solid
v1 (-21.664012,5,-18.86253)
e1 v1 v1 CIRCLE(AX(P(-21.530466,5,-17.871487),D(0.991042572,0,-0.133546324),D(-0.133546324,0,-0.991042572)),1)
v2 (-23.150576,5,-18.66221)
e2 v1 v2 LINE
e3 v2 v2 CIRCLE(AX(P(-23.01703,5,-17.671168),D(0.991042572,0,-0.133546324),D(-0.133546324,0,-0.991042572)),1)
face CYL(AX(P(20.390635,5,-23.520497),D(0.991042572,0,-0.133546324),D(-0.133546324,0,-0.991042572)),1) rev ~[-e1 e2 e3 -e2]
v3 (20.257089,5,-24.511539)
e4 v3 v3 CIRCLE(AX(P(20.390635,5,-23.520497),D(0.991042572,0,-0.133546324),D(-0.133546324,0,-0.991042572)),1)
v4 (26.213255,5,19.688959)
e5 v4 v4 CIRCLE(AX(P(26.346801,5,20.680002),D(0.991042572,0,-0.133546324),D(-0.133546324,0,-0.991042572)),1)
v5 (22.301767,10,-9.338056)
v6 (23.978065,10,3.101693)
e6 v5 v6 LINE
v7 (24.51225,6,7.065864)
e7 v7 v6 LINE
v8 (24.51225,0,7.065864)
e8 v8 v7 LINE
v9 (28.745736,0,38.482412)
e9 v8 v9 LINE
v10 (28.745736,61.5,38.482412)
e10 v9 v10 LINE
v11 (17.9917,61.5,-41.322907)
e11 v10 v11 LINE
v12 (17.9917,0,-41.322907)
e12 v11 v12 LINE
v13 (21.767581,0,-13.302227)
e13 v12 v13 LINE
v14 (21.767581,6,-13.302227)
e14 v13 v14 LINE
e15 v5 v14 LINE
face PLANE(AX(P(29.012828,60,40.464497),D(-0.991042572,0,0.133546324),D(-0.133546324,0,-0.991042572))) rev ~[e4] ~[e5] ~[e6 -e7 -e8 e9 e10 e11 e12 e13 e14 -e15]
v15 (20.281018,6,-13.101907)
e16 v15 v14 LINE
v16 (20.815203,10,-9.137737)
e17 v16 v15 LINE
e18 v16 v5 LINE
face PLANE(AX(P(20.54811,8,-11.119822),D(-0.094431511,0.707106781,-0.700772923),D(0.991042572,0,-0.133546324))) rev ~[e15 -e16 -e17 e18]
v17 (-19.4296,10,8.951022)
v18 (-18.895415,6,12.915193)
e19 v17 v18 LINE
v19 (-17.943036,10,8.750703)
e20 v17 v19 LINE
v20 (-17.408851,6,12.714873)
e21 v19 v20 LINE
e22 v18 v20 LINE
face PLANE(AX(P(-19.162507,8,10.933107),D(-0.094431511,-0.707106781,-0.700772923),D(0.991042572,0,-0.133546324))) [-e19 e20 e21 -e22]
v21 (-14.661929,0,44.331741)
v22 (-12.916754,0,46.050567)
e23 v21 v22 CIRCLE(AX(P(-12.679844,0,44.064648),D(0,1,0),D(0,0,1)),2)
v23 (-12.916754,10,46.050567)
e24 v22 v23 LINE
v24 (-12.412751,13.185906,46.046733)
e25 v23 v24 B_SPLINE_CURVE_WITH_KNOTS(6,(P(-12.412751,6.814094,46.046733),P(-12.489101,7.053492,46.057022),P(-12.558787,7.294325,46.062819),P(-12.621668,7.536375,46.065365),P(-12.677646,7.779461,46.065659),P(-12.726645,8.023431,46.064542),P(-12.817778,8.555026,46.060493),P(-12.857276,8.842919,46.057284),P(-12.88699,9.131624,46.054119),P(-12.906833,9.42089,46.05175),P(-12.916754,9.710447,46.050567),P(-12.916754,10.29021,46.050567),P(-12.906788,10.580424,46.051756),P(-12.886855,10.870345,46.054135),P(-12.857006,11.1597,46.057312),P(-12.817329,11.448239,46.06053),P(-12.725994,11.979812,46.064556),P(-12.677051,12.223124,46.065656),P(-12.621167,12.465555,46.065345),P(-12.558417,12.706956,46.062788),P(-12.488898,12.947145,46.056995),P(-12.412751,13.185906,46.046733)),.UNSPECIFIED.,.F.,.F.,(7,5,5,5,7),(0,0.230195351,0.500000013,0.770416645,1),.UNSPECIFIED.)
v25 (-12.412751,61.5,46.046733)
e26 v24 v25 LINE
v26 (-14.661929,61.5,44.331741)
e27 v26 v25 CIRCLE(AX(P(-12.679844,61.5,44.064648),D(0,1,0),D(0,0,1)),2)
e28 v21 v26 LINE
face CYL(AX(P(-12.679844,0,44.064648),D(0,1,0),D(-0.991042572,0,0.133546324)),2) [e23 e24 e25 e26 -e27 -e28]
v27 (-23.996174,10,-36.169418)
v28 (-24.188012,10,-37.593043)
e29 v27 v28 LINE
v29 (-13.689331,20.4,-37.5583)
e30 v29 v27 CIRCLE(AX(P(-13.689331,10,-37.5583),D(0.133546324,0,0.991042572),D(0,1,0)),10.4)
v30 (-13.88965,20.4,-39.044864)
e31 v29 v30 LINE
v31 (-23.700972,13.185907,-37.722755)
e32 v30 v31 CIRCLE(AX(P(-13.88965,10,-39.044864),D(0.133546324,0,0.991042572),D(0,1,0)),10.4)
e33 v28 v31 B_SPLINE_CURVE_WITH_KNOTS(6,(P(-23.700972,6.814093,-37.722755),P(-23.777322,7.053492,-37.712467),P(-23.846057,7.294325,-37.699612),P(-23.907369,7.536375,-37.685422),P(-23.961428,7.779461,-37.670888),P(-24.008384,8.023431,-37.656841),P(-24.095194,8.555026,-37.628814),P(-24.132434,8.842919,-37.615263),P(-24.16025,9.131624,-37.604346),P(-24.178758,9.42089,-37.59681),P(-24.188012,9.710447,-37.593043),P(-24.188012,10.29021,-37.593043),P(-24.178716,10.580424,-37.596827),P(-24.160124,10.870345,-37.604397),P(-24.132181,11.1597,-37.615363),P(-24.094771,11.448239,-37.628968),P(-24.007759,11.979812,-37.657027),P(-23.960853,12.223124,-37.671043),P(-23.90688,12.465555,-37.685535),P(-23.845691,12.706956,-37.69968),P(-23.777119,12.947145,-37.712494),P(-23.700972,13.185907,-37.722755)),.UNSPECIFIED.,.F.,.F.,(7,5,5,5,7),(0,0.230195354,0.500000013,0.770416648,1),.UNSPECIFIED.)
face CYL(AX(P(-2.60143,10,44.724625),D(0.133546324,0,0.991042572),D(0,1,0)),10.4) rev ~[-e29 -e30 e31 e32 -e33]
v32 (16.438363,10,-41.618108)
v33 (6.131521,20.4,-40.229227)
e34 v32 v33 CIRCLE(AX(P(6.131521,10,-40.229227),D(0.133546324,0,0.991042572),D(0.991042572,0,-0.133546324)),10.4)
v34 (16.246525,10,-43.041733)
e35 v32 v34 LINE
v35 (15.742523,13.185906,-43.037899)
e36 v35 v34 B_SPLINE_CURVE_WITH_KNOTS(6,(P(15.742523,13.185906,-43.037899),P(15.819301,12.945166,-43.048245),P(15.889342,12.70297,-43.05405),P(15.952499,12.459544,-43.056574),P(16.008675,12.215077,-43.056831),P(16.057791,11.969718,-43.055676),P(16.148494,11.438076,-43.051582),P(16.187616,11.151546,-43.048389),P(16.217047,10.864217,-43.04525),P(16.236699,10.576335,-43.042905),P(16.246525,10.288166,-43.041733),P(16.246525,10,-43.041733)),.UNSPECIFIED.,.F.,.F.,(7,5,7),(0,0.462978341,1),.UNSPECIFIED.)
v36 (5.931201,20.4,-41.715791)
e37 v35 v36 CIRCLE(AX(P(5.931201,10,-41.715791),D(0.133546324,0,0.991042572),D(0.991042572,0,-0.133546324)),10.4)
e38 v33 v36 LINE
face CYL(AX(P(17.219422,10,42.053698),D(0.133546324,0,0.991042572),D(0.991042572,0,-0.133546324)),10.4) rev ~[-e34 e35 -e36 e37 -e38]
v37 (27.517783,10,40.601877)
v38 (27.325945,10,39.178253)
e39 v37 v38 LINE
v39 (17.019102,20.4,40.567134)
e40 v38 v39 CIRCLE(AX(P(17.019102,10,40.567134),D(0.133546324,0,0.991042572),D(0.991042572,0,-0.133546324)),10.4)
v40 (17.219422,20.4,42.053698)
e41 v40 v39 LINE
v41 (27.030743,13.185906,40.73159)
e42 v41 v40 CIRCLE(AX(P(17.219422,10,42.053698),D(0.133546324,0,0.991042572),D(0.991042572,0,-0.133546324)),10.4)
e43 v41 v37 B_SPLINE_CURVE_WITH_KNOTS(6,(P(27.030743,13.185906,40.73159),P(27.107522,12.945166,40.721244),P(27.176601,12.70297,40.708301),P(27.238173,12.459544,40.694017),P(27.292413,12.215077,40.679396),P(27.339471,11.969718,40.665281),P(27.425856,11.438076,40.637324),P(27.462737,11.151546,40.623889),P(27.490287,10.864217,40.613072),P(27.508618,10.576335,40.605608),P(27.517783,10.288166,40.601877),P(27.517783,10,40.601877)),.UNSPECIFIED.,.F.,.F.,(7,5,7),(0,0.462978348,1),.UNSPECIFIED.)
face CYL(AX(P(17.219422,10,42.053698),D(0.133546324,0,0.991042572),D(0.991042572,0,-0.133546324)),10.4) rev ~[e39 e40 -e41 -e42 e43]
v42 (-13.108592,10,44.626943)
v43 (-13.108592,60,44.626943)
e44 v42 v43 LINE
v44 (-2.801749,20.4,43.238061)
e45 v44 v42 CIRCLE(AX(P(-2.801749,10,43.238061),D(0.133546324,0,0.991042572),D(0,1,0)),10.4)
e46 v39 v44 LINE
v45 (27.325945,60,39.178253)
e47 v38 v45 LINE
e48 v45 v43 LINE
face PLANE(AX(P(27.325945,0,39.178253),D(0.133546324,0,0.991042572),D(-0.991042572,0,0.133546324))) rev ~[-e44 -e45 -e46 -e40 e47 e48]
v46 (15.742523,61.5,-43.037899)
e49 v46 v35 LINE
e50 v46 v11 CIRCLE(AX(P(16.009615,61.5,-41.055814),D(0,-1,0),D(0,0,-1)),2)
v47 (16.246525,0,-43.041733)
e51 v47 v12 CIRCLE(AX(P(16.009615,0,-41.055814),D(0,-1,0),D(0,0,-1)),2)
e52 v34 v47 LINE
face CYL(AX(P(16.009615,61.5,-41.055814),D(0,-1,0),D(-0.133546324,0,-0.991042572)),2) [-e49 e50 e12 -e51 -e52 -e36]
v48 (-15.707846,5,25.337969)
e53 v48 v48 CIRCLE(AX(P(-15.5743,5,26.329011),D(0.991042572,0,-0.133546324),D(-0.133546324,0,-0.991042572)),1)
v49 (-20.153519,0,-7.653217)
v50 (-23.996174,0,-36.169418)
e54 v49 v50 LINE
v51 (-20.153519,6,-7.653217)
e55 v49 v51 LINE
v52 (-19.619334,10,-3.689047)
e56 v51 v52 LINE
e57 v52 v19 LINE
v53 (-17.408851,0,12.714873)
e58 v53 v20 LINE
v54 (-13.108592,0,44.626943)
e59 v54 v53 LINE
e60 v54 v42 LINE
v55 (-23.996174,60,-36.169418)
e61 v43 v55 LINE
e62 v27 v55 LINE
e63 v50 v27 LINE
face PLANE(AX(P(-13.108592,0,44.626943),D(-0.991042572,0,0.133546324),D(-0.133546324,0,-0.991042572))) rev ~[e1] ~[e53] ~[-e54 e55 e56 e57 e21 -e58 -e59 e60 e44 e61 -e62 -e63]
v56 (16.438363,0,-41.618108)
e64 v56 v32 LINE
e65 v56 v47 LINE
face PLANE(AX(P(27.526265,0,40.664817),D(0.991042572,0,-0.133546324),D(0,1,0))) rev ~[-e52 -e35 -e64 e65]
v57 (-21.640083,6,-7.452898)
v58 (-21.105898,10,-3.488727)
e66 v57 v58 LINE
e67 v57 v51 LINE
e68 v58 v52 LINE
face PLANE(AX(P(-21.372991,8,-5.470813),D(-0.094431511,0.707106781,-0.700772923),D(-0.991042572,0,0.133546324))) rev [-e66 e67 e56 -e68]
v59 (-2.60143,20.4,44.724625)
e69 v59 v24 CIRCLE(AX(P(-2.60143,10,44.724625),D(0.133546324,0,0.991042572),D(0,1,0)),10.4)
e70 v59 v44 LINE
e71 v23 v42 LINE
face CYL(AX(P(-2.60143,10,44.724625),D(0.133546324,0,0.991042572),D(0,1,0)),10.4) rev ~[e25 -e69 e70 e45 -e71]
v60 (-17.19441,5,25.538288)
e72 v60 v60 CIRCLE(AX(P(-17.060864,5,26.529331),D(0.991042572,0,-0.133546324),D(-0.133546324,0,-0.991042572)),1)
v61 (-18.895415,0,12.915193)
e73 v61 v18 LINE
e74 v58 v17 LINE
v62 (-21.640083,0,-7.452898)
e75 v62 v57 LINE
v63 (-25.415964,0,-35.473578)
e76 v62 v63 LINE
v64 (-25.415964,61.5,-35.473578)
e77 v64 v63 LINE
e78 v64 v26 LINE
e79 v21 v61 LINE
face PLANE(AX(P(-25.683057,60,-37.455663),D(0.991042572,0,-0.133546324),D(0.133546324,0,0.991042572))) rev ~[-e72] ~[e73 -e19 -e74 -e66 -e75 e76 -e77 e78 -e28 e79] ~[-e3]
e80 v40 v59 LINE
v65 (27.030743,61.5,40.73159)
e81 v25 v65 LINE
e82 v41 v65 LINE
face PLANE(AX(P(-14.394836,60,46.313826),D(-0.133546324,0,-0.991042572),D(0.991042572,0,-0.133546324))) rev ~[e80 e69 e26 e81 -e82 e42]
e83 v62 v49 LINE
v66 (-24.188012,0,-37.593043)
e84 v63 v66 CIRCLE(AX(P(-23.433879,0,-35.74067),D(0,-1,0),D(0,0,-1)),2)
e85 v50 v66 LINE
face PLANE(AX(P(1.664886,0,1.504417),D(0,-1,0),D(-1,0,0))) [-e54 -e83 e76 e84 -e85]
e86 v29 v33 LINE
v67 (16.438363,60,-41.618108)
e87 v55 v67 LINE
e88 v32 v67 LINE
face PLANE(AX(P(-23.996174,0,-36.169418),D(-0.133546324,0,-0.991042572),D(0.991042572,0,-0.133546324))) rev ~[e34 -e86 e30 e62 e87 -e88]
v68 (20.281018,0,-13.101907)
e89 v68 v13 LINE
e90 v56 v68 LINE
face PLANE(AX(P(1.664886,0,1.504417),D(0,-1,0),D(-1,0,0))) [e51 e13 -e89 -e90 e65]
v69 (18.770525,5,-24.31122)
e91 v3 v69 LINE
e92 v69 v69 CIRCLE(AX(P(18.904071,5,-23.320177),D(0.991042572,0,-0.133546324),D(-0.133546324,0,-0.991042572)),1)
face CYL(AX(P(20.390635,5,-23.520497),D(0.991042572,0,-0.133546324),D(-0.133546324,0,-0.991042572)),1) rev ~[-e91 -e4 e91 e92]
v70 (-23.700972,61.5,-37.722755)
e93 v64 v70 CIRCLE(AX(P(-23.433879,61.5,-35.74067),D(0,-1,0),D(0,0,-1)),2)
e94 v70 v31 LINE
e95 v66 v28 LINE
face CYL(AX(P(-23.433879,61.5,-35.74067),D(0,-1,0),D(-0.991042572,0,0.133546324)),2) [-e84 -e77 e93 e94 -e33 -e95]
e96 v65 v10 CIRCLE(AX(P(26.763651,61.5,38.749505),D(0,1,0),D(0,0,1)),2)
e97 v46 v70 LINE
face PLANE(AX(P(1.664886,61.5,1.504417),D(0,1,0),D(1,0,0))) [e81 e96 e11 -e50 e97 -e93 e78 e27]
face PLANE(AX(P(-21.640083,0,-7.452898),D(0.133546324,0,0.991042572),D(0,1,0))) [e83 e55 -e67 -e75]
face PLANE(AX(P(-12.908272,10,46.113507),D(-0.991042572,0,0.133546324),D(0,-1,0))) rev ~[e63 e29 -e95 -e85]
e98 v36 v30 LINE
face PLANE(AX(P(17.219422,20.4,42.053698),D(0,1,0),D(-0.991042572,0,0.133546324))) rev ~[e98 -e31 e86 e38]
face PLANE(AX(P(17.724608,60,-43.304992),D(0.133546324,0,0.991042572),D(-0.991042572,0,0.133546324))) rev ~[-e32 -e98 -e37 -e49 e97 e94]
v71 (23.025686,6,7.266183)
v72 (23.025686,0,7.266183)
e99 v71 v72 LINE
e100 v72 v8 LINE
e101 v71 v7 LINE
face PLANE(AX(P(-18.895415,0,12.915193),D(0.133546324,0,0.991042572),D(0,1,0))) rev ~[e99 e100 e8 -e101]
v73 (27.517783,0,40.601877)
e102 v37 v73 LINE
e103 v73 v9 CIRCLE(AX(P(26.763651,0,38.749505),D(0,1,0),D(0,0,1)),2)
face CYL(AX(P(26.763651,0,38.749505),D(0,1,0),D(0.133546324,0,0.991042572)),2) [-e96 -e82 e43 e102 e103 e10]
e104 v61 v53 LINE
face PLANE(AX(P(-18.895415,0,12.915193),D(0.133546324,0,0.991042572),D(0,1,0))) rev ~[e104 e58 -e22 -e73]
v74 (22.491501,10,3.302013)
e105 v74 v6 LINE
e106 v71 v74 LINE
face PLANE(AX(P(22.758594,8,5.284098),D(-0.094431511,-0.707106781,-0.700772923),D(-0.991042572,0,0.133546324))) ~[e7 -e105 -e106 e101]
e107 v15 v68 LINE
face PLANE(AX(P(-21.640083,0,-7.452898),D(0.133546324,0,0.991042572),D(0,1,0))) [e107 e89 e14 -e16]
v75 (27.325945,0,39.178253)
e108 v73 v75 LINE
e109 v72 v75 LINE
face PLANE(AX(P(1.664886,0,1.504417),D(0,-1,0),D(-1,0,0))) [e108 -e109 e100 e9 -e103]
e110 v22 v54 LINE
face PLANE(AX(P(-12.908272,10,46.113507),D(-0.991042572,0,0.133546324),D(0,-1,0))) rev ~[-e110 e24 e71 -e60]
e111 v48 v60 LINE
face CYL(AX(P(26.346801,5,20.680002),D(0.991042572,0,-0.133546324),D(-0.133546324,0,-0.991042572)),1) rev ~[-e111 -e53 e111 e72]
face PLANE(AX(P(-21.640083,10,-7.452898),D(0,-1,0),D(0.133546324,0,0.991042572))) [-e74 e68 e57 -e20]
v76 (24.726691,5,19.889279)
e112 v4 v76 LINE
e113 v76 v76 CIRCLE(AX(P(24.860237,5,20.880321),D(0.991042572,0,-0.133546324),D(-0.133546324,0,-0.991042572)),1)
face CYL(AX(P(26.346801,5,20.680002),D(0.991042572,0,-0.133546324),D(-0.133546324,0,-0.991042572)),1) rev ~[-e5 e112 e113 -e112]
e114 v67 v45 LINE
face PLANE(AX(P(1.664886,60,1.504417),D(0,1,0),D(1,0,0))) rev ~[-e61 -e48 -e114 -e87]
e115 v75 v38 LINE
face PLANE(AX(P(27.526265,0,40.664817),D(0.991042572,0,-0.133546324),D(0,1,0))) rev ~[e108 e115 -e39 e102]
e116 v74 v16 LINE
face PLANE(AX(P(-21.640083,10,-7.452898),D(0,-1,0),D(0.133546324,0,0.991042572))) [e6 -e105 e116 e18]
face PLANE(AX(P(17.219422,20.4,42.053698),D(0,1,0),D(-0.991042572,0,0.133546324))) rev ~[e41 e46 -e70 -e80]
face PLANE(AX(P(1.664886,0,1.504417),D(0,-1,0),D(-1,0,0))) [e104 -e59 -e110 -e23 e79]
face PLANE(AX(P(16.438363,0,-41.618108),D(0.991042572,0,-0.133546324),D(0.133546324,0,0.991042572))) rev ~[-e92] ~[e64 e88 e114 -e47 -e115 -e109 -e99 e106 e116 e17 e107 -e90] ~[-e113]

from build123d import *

# Parameters (mm, degrees)
BOSS_EXTRUDE1_DEPTH = 60
BOSS_EXTRUDE2_DEPTH = 1.5
CUT_EXTRUDE1_DEPTH  = 122.5
FILLET1_R           = 2
SKETCH4_R           = 1
CUT_EXTRUDE2_DEPTH  = 122.5
SKETCH5_W           = 20.552185026
SKETCH5_H           = 10
CUT_EXTRUDE3_DEPTH  = 66.5
CHAMFER2_SIZE       = 4


with BuildPart() as part:
    # Sketch1 → Boss-Extrude1 (new body)
    with BuildSketch(Plane(origin=(0, 0, 0), x_dir=(1, 0, 0), z_dir=(0, 1, 0))):
        Polygon((-25.683056898, 37.455662838), (17.724607753, 43.304991821), (29.01282847, -40.464497095), (-14.394836181, -46.313826078), align=None)
        Polygon((-23.996173554, 36.169418466), (16.438363381, 41.618108478), (27.325945127, -39.178252723), (-13.108591809, -44.626942734), align=None, mode=Mode.SUBTRACT)
    extrude(amount=BOSS_EXTRUDE1_DEPTH)

    # Sketch2 → Boss-Extrude2 (add)
    with BuildSketch(Plane(origin=(0, 60, 0), x_dir=(1, 0, 0), z_dir=(0, 1, 0))):
        Polygon((-25.683056898, 37.455662838), (-14.394836181, -46.313826078), (29.01282847, -40.464497095), (17.724607753, 43.304991821), align=None)
    extrude(amount=BOSS_EXTRUDE2_DEPTH)

    # Sketch3 → Cut-Extrude1 (cut)
    with BuildSketch(Plane(origin=(5.87291271, 0, 43.582678665), x_dir=(0.991042572, 0, -0.133546324), z_dir=(0.133546324, 0, 0.991042572))):
        with BuildLine():
            Line((21.449063315, 0), (21.449063315, 10))
            ThreePointArc((21.449063315, 10), (18.520131127, 17.071067812), (11.449063315, 20))
            Line((11.449063315, 20), (-8.550936685, 20))
            ThreePointArc((-8.550936685, 20), (-15.622004497, 17.071067812), (-18.550936685, 10))
            Line((-18.550936685, 10), (-18.550936685, 0))
            Line((-18.550936685, 0), (21.449063315, 0))
        make_face()
        with BuildLine():
            ThreePointArc((11.449063315, 20), (18.520131127, 17.071067812), (21.449063315, 10))
            Line((21.449063315, 10), (21.449063315, 0))
            Line((21.449063315, 0), (21.849063315, 0))
            Line((21.849063315, 0), (21.849063315, 10))
            ThreePointArc((21.849063315, 10), (18.802973839, 17.353910524), (11.449063315, 20.4))
            Line((11.449063315, 20.4), (-8.550936685, 20.4))
            ThreePointArc((-8.550936685, 20.4), (-15.90484721, 17.353910524), (-18.950936685, 10))
            Line((-18.950936685, 10), (-18.950936685, 0))
            Line((-18.950936685, 0), (-18.550936685, 0))
            Line((-18.550936685, 0), (-18.550936685, 10))
            ThreePointArc((-18.550936685, 10), (-15.622004497, 17.071067812), (-8.550936685, 20))
            Line((-8.550936685, 20), (11.449063315, 20))
        make_face()
    extrude(amount=-CUT_EXTRUDE1_DEPTH, mode=Mode.SUBTRACT)

    # Fillet1
    fillet1_edges = [part.edges().sort_by_distance(p)[0] for p in [
        (17.724607753, 30.75, -43.304991821),
        (-25.683056898, 30.75, -37.455662838),
        (-14.394836181, 30.75, 46.313826078),
        (29.01282847, 30.75, 40.464497095),
    ]]
    fillet(fillet1_edges, radius=FILLET1_R)

    # Sketch4 → Cut-Extrude2 (cut)
    with BuildSketch(Plane(origin=(23.13991576, 0, -3.11818157), x_dir=(-0.133546324, 0, -0.991042572), z_dir=(0.991042572, 0, -0.133546324))):
        with Locations((-24.013280796, 5)):
            Circle(SKETCH4_R)
        with Locations((20.586719204, 5)):
            Circle(SKETCH4_R)
    extrude(amount=-CUT_EXTRUDE2_DEPTH, mode=Mode.SUBTRACT)

    # Sketch5 → Cut-Extrude3 (cut)
    with BuildSketch(Plane(origin=(-20.267748891, 0, 2.731147413), x_dir=(0.133546324, 0, 0.991042572), z_dir=(-0.991042572, 0, 0.133546324))):
        with Locations((0, 5)):
            Rectangle(SKETCH5_W, SKETCH5_H)
    extrude(amount=-CUT_EXTRUDE3_DEPTH, mode=Mode.SUBTRACT)

    # Chamfer2
    chamfer2_edges = [part.edges().sort_by_distance(p)[0] for p in [
        (21.024299453, 10, -13.202066981),
        (-20.89680134, 10, -7.553057484),
        (23.768968209, 10, 7.166023327),
        (-18.152132584, 10, 12.815032824),
    ]]
    chamfer(chamfer2_edges, length=CHAMFER2_SIZE)


solid = part.part
